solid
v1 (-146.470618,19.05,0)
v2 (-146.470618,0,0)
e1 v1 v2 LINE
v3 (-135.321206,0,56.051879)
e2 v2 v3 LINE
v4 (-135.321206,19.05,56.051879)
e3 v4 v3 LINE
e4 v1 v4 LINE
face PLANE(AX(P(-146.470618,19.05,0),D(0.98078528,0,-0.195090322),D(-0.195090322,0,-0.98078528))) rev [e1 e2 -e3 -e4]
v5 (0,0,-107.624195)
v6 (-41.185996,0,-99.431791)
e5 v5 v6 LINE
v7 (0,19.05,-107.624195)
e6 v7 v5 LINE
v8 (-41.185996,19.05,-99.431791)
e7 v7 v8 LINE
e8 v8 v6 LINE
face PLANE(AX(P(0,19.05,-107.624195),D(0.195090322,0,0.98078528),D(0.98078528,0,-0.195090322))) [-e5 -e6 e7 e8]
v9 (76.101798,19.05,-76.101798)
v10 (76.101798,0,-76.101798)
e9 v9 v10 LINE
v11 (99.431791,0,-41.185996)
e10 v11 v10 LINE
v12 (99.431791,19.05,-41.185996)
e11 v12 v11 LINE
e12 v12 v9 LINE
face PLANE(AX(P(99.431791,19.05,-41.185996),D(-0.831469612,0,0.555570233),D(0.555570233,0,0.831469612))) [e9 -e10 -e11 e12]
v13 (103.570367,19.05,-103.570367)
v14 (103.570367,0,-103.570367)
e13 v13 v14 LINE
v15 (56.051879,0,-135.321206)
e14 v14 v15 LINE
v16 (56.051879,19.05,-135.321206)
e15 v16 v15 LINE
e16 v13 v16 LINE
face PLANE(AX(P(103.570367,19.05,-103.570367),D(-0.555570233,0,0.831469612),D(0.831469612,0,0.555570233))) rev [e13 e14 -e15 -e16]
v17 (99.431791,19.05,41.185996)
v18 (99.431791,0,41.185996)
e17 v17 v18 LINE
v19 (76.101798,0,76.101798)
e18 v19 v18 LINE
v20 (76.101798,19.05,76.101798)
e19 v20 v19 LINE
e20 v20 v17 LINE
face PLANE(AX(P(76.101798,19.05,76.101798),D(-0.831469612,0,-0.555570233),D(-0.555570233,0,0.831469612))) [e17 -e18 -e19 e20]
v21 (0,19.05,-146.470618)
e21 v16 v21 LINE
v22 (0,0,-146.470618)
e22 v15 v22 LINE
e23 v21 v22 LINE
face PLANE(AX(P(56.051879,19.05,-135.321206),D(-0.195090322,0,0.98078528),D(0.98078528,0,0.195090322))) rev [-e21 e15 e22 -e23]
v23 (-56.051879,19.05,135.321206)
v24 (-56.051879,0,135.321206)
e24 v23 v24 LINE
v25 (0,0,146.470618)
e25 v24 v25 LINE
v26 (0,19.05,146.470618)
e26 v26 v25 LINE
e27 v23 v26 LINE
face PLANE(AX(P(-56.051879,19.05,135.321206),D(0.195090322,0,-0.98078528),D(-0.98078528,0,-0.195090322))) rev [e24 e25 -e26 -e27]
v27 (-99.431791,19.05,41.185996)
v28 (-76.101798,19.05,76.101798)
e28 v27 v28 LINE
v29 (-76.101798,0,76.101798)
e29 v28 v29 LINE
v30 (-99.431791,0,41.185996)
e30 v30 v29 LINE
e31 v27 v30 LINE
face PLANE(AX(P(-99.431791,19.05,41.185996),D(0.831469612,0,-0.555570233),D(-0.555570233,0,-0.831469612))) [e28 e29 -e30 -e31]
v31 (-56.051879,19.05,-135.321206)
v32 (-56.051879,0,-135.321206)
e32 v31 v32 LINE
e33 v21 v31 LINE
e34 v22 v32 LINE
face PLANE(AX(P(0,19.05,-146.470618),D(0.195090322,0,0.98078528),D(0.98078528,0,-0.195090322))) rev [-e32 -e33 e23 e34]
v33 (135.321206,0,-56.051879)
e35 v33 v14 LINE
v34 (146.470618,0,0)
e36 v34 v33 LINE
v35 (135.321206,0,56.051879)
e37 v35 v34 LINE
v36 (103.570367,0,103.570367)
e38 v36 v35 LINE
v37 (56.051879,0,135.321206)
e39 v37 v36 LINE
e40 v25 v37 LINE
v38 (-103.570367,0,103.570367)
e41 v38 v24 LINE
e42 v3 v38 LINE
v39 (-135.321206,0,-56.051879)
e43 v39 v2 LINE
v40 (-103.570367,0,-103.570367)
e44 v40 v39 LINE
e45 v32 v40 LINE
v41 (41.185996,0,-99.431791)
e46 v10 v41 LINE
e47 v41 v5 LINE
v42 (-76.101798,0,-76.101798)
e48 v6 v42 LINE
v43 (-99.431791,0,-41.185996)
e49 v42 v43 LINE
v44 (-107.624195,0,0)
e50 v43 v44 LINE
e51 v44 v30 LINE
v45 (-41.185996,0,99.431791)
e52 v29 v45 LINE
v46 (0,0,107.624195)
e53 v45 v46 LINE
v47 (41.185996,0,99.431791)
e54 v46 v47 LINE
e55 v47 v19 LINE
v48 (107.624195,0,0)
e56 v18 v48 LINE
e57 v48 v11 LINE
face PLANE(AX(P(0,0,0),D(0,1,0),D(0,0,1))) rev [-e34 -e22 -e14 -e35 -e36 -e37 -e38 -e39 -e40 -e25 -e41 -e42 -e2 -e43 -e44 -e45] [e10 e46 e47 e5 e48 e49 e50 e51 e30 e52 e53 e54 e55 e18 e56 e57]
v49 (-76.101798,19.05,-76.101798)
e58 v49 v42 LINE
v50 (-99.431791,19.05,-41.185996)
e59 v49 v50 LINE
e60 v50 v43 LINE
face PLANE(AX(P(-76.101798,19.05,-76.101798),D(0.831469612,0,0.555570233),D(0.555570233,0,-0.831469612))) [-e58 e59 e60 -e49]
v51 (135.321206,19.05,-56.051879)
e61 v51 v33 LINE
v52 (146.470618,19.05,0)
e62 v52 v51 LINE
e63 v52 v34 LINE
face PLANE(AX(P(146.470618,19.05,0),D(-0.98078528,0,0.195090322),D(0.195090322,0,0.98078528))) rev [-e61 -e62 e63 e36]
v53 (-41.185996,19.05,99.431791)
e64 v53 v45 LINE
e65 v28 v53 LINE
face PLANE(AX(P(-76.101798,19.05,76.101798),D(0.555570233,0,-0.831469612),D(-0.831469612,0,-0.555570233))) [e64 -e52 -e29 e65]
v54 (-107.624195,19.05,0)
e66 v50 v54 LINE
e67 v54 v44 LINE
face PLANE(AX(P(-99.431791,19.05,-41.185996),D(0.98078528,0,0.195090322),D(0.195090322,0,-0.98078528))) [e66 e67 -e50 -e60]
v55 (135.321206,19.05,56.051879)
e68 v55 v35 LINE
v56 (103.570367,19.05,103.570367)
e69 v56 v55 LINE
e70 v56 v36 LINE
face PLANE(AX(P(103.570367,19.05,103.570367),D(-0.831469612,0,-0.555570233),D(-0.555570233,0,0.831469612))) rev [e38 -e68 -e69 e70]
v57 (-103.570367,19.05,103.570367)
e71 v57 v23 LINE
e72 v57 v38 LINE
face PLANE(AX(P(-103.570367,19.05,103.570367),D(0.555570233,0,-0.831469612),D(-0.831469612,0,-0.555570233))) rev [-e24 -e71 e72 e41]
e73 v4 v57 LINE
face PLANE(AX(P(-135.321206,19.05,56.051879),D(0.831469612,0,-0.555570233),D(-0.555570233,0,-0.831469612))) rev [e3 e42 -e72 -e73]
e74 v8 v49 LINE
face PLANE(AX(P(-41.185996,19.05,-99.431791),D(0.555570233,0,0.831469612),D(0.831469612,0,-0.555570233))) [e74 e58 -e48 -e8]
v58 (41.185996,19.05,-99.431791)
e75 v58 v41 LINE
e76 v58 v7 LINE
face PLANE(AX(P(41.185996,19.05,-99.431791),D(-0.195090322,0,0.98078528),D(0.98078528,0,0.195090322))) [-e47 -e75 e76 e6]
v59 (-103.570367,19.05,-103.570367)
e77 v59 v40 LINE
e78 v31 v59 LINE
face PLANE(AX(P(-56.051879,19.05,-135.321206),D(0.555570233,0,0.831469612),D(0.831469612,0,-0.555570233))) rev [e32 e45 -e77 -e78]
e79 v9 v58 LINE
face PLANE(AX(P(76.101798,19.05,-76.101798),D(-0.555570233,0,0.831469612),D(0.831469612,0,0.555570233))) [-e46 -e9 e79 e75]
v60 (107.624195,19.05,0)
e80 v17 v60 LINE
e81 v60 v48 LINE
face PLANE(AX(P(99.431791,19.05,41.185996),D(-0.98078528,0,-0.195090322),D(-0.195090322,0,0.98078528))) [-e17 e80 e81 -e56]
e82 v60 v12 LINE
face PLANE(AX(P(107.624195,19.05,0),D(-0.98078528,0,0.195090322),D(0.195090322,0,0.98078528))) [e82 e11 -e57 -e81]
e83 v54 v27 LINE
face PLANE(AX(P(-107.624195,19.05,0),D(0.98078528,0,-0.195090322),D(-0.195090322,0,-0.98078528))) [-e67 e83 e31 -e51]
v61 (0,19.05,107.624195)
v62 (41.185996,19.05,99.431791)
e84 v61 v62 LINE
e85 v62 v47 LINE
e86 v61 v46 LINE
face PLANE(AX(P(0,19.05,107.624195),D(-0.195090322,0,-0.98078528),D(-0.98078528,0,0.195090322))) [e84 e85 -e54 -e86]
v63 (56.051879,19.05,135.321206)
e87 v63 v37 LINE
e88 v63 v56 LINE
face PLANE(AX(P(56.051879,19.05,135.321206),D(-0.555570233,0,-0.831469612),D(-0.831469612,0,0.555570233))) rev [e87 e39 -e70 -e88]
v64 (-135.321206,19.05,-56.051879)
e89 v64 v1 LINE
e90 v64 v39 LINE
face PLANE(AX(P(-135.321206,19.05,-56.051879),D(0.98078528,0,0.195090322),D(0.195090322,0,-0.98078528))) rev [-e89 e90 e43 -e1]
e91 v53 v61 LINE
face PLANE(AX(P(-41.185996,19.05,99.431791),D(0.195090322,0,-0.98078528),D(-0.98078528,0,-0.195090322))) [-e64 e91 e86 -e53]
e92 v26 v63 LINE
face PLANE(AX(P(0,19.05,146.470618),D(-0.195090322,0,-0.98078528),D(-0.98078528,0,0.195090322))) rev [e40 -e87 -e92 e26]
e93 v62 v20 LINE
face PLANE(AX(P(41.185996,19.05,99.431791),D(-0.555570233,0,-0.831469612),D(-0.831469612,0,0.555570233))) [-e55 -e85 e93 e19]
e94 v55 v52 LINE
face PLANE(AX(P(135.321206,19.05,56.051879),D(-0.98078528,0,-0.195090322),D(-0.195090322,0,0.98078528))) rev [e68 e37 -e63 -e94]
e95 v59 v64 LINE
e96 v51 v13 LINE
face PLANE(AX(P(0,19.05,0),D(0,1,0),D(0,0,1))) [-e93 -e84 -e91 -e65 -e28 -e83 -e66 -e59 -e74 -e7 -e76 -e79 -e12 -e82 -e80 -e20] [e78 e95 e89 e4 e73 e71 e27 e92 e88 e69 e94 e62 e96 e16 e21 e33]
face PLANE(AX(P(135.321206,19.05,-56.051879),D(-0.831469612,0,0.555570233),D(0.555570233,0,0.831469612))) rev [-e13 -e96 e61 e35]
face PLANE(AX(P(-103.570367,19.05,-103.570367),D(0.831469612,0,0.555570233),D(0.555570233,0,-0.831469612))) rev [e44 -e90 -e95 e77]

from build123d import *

# Parameters (mm, degrees)
BOSS_EXTRUDE1_DEPTH = 19.05


with BuildPart() as part:
    # Sketch1 → Boss-Extrude1 (new body)
    with BuildSketch(Plane(origin=(0, 0, 0), x_dir=(1, 0, 0), z_dir=(0, 1, 0))):
        Polygon((146.470617838, 0), (135.321205935, 56.051878775), (103.570367118, 103.570367118), (56.051878775, 135.321205935), (0, 146.470617838), (-56.051878775, 135.321205935), (-103.570367118, 103.570367118), (-135.321205935, 56.051878775), (-146.470617838, 0), (-135.321205935, -56.051878775), (-103.570367118, -103.570367118), (-56.051878775, -135.321205935), (0, -146.470617838), (56.051878775, -135.321205935), (103.570367118, -103.570367118), (135.321205935, -56.051878775), align=None)
        Polygon((107.624194711, 0), (99.431790696, 41.185996237), (76.1017979, 76.1017979), (41.185996237, 99.431790696), (0, 107.624194711), (-41.185996237, 99.431790696), (-76.1017979, 76.1017979), (-99.431790696, 41.185996237), (-107.624194711, 0), (-99.431790696, -41.185996237), (-76.1017979, -76.1017979), (-41.185996237, -99.431790696), (0, -107.624194711), (41.185996237, -99.431790696), (76.1017979, -76.1017979), (99.431790696, -41.185996237), align=None, mode=Mode.SUBTRACT)
    extrude(amount=BOSS_EXTRUDE1_DEPTH)


solid = part.part
